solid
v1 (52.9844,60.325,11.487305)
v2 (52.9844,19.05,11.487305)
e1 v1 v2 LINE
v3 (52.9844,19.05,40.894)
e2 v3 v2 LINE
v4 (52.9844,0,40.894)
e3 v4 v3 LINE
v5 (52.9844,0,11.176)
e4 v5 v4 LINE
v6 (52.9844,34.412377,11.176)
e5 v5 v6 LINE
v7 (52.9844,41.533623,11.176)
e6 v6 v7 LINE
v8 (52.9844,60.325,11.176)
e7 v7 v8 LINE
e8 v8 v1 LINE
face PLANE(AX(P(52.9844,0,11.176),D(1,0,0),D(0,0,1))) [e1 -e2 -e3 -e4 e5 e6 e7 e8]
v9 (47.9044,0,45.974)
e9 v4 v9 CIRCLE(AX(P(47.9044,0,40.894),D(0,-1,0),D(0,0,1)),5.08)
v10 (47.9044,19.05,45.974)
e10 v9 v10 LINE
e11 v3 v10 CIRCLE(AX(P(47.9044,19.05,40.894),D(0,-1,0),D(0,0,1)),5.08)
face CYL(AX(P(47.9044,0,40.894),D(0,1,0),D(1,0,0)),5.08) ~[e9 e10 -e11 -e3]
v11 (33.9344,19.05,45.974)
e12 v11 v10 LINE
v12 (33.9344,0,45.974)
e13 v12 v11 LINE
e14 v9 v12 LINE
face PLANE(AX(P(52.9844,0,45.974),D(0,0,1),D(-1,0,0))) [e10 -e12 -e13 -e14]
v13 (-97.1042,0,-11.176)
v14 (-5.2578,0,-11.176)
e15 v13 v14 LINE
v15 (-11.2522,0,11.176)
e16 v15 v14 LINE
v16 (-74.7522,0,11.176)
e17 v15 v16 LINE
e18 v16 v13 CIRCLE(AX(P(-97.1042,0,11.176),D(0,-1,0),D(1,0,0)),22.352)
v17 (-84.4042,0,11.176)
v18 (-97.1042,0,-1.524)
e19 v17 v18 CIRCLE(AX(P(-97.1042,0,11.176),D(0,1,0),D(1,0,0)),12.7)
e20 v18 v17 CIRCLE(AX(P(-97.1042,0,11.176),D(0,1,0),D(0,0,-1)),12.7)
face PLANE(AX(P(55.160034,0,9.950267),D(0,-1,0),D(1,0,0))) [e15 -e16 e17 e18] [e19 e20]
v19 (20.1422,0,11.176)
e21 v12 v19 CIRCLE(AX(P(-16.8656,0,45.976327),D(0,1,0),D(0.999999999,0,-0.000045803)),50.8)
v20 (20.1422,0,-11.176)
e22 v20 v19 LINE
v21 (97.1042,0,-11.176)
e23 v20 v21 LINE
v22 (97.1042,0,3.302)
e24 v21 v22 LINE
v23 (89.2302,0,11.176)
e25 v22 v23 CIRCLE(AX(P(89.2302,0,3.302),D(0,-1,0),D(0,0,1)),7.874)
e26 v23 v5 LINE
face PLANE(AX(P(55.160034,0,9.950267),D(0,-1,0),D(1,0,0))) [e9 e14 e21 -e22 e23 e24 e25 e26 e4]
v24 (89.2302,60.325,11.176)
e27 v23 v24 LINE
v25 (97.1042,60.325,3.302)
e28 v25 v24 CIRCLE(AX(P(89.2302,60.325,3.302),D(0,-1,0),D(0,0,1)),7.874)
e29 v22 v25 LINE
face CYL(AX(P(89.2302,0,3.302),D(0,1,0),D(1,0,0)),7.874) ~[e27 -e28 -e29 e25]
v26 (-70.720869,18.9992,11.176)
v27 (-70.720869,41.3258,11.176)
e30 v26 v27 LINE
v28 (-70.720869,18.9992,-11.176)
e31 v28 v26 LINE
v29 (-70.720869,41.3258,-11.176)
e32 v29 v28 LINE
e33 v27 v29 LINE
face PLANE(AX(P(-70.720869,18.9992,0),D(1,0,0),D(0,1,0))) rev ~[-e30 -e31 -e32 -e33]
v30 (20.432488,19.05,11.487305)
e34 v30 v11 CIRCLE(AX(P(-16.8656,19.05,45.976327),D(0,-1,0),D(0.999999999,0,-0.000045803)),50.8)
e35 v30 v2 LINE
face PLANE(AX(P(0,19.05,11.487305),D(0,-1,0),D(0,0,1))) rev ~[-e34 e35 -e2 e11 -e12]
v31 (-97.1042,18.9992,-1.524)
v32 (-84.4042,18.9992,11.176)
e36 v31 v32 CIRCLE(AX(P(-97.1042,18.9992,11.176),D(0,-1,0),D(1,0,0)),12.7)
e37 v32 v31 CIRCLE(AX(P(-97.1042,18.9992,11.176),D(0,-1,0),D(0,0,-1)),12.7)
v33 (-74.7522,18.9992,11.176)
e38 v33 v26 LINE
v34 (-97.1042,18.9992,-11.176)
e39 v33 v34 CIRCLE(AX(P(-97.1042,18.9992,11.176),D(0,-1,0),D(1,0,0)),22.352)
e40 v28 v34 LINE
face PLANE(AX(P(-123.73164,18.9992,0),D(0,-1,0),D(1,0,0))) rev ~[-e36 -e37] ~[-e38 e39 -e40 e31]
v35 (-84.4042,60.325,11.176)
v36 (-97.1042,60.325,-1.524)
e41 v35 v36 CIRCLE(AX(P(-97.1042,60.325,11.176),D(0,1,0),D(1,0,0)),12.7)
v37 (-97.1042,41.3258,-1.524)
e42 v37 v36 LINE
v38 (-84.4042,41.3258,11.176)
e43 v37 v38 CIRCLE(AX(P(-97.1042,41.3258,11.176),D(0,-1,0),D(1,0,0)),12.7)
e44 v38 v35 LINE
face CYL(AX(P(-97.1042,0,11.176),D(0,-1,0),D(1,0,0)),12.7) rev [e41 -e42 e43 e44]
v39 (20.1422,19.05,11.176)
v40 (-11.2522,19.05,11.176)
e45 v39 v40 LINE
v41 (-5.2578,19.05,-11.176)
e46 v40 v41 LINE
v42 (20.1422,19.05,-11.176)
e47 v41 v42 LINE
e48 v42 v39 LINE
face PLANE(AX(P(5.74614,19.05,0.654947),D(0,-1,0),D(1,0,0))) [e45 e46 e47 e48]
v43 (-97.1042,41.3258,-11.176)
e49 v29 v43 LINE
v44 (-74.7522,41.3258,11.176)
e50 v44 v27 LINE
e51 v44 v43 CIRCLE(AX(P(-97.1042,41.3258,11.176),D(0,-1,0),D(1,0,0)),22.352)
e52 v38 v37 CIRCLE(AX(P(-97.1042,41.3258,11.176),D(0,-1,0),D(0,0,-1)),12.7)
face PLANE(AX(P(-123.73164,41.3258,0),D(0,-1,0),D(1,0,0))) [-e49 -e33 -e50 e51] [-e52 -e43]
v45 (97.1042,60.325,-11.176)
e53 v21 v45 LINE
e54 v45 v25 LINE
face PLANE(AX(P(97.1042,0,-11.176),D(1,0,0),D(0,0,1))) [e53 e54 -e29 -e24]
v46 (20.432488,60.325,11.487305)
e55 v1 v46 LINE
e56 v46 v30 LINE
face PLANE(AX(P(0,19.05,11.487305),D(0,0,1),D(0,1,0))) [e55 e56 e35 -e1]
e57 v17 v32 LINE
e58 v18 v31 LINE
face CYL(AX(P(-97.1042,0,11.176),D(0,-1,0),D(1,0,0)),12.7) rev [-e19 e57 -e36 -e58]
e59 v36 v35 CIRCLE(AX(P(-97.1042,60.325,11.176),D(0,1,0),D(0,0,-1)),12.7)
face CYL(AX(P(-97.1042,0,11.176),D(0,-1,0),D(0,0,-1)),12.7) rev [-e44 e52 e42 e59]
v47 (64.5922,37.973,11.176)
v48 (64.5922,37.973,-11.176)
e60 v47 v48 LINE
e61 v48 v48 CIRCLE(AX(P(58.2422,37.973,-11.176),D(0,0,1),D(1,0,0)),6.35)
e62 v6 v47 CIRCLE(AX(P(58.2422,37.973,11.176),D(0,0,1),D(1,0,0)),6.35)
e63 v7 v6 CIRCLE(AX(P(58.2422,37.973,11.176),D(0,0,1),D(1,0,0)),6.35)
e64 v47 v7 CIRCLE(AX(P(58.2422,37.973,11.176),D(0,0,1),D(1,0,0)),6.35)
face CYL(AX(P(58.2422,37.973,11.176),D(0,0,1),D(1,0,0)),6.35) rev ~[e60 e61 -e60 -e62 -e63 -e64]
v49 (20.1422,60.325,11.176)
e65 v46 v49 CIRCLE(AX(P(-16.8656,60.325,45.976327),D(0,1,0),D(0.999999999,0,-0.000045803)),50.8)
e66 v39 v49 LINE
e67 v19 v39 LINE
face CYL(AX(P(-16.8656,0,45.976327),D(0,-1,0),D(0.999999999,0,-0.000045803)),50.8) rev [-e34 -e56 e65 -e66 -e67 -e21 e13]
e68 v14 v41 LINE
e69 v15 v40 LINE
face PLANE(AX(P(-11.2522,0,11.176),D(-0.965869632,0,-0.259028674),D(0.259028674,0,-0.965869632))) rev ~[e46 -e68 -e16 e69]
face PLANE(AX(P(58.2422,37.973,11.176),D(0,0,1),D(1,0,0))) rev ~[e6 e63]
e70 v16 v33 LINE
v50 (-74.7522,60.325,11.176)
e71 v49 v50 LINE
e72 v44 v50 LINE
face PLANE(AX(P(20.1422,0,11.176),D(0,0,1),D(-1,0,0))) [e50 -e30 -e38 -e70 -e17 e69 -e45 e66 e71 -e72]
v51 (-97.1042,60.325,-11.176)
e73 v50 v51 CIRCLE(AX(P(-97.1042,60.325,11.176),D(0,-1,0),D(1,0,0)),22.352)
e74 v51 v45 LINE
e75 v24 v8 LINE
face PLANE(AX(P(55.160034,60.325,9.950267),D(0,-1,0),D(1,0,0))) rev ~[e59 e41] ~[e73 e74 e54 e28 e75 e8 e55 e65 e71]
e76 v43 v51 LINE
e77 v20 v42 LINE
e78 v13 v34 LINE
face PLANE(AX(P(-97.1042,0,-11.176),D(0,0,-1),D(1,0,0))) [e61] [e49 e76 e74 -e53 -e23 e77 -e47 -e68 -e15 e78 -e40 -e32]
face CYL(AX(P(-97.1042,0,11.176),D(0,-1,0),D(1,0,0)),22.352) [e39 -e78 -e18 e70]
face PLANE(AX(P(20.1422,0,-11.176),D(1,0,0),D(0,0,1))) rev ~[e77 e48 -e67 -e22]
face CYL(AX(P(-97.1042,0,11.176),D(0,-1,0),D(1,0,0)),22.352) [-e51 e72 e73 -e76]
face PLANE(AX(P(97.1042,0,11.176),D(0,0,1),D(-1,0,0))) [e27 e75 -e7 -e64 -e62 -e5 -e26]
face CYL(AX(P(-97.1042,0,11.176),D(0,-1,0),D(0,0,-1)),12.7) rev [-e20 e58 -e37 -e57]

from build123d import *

# Parameters (mm, degrees)
F1_DEPTH  = 60.325
F2_W      = 53.0107717005
F2_H      = 22.3266
F3_DEPTH  = 44.2625842988
F4_W      = 41.91
F4_H      = 34.670740366
F5_DEPTH  = 77.503874898
F6_R      = 7.874
F7_R      = 5.08
F8_DEPTH  = 19.0500002354
F9_R      = 6.35
F10_DEPTH = 22.353


with BuildPart() as f1:
    # F0 (on Front) → F1 (new body)
    with BuildSketch(Plane.XZ):
        with BuildLine():
            Line((20.1422, -11.176), (97.1042, -11.176))
            Line((97.1042, -11.176), (97.1042, 11.176))
            Line((97.1042, 11.176), (52.9844, 11.176))
            Line((52.9844, 11.176), (52.9844, 45.974))
            Line((52.9844, 45.974), (33.9344, 45.974))
            ThreePointArc((33.9344, 45.974), (30.3602153616, 27.2583576341), (20.1422, 11.176))
            Line((20.1422, 11.176), (20.1422, -11.176))
        make_face()
        Polygon((-5.2578, -11.176), (20.1422, -11.176), (20.1422, 11.176), (-11.2522, 11.176), align=None)
        with BuildLine():
            Line((-97.1042, -11.176), (-5.2578, -11.176))
            Line((-5.2578, -11.176), (-11.2522, 11.176))
            Line((-11.2522, 11.176), (-74.7522, 11.176))
            ThreePointArc((-74.7522, 11.176), (-81.2989492269, -4.6292507731), (-97.1042, -11.176))
        make_face()
        with BuildLine():
            ThreePointArc((-74.7522, 11.176), (-112.9094507731, 26.9812507731), (-97.1042, -11.176))
            Line((-97.1042, -11.176), (-97.1042, -1.524))
            ThreePointArc((-97.1042, -1.524), (-106.0844561211, 20.1562561211), (-84.4042, 11.176))
            Line((-84.4042, 11.176), (-74.7522, 11.176))
        make_face()
        with BuildLine():
            Line((-97.1042, -1.524), (-97.1042, -11.176))
            ThreePointArc((-97.1042, -11.176), (-81.2989492269, -4.6292507731), (-74.7522, 11.176))
            Line((-74.7522, 11.176), (-84.4042, 11.176))
            ThreePointArc((-84.4042, 11.176), (-88.1239438789, 2.1957438789), (-97.1042, -1.524))
        make_face()
    extrude(amount=-F1_DEPTH)

    # F2 (on Top) → F3 (cut, symmetric)
    with BuildSketch(Plane.XY):
        with Locations((-97.226254642, 30.1625)):
            Rectangle(F2_W, F2_H)
    extrude(amount=F3_DEPTH, both=True, mode=Mode.SUBTRACT)

    # F4 (on Right) → F5 (cut)
    with BuildSketch(Plane.YZ):
        with Locations((40.005, 28.8226753473)):
            Rectangle(F4_W, F4_H)
    extrude(amount=F5_DEPTH, mode=Mode.SUBTRACT)

    # F6
    f6_edges = [f1.edges().sort_by_distance(p)[0] for p in [
        (97.1042, 30.1625, 11.176),
    ]]
    fillet(f6_edges, radius=F6_R)

    # F7
    f7_edges = [f1.edges().sort_by_distance(p)[0] for p in [
        (52.9844, 9.525, 45.974),
    ]]
    fillet(f7_edges, radius=F7_R)

    # F0 (on Front) → F8 (cut)
    with BuildSketch(Plane.XZ):
        Polygon((-5.2578, -11.176), (20.1422, -11.176), (20.1422, 11.176), (-11.2522, 11.176), align=None)
    extrude(amount=-F8_DEPTH, mode=Mode.SUBTRACT)

    # F9 (on face) → F10 (cut, through all)
    with BuildSketch(Plane.XY.offset(11.176)):
        with Locations((58.2422, 37.973)):
            Circle(F9_R)
    extrude(amount=-F10_DEPTH, mode=Mode.SUBTRACT)


solid = f1.part
